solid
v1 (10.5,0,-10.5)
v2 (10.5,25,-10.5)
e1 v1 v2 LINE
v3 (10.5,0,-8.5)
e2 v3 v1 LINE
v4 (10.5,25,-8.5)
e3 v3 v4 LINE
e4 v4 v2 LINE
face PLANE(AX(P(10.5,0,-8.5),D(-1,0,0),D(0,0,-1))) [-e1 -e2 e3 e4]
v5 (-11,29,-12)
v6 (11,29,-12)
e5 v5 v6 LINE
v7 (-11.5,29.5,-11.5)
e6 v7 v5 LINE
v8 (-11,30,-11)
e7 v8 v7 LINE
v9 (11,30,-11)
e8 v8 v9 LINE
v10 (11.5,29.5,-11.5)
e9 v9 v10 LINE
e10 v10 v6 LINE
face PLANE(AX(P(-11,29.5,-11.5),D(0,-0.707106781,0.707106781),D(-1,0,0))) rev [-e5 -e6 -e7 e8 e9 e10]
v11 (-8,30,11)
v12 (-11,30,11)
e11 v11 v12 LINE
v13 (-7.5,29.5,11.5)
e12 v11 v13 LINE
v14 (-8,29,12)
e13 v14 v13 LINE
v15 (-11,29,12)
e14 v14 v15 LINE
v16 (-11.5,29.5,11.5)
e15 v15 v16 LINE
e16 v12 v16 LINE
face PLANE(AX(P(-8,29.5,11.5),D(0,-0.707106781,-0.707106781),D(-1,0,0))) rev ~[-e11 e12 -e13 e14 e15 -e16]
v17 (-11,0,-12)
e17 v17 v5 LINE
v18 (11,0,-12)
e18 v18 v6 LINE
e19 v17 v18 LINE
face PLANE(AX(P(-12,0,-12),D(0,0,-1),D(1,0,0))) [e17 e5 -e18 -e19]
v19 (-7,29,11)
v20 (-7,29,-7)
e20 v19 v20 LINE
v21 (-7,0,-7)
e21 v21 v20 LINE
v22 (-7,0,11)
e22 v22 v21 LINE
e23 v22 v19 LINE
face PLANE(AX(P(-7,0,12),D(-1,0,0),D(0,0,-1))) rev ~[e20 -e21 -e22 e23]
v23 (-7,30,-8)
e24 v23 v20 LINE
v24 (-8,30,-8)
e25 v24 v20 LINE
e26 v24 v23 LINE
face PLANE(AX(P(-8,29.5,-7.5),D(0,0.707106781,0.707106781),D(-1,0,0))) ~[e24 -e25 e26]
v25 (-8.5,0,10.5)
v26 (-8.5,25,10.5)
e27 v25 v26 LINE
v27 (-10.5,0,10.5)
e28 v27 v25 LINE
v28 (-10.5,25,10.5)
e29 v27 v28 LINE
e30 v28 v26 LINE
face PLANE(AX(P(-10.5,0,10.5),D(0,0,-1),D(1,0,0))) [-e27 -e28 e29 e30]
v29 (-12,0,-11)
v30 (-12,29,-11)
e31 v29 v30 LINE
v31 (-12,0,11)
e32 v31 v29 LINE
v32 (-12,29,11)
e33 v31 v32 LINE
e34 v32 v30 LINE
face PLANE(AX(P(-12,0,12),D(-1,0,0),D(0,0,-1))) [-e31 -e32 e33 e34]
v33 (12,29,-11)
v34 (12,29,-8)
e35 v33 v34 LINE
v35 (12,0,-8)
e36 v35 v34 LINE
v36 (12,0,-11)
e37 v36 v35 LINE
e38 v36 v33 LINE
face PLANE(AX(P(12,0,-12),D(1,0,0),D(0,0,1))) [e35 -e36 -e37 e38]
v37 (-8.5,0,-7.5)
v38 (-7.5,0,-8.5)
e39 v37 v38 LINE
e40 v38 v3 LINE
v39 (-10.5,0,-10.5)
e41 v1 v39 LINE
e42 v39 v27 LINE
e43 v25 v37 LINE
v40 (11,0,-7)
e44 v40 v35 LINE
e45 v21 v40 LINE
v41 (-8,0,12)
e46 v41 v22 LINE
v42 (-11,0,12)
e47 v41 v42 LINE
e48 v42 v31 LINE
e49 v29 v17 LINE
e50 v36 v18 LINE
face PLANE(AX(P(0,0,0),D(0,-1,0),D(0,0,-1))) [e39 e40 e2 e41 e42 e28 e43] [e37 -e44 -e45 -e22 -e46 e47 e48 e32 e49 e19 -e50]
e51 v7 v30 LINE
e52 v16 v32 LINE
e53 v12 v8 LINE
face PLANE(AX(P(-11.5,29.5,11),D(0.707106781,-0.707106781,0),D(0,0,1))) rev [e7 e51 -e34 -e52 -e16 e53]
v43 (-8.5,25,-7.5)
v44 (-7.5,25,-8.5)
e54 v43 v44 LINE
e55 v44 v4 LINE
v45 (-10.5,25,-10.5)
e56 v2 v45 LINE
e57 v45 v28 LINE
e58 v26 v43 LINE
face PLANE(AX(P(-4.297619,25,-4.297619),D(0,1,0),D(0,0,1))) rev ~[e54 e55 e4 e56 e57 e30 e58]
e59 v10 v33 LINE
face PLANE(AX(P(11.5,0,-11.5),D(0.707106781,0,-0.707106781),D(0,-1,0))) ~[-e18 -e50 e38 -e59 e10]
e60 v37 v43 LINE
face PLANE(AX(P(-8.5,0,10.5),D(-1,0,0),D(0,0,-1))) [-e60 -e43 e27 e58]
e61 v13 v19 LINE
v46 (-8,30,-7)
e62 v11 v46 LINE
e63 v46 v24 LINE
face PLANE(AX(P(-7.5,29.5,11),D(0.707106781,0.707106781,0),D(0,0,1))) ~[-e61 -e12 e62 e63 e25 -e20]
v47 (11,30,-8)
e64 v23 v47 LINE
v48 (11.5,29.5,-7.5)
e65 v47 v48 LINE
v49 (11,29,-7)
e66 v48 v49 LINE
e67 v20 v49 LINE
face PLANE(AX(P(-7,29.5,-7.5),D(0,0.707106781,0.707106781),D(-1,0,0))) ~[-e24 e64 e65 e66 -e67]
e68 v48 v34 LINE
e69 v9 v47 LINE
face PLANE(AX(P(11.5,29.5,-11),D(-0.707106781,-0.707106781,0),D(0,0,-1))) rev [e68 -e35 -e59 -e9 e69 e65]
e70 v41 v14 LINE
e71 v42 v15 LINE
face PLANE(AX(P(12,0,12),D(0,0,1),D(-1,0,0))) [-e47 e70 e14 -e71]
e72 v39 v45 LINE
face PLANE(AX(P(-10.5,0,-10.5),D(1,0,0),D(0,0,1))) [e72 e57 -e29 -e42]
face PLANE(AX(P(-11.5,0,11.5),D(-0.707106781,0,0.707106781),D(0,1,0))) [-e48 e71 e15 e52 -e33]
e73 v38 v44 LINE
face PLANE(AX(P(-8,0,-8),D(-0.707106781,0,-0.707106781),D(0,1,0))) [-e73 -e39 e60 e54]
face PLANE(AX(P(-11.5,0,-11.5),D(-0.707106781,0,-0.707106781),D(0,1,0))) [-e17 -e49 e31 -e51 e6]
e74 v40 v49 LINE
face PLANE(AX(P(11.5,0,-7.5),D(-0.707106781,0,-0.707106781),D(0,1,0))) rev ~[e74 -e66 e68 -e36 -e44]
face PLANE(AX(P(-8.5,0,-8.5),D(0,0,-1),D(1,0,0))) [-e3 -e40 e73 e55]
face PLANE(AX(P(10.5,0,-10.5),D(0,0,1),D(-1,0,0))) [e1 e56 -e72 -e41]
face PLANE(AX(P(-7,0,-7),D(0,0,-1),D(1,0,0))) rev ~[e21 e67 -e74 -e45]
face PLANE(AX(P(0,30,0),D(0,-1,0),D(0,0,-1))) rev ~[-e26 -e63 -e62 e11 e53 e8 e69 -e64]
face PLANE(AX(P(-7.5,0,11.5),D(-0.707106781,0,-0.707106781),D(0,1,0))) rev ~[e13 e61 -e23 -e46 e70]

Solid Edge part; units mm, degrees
sketch "Sketch1" plane through (0, 0, 0) normal (0, -1, 0) x (1, 0, 0)
  line L0 (12, 12) -> (-12, 12)
  line L1 (-12, 12) -> (-12, -12)
  line L2 (-12, -12) -> (12, -12)
  line L3 (12, -12) -> (12, 12)
extrude "Protrusion1" add sketch "Sketch1" against normal blind 30
sketch "Sketch2" plane through (0, 0, 0) normal (0, -1, 0) x (1, 0, 0)
  line L0 (-8.5, 10.5) -> (-8.5, -8.5)
  line L1 (-8.5, -8.5) -> (10.5, -8.5)
  line L2 (10.5, -8.5) -> (10.5, -10.5)
  line L3 (10.5, -10.5) -> (-10.5, -10.5)
  line L4 (-10.5, -10.5) -> (-10.5, 10.5)
  line L5 (-10.5, 10.5) -> (-8.5, 10.5)
extrude "VaciadoExtruido_1" cut sketch "Sketch2" against normal blind 25
sketch "Sketch3" plane through (0, 0, 0) normal (0, -1, 0) x (1, 0, 0)
  line L0 (-7, 12) -> (-7, -7)
  line L1 (-7, -7) -> (12, -7)
extrude "Cutout1" cut sketch "Sketch3" against normal through all material side at (-6.95, 0, 2.5)
chamfer "Chaflán_1" distance 1 angle 45 6 edges at (-12, 15, 12) (-7, 15, 12) (-12, 15, -12) (12, 15, -12) (12, 15, -7) (-8.5, 12.5, -8.5)
chamfer "Chaflán_2" distance 1 angle 45 6 edges at (-9.5, 30, 12) (-12, 30, 0) (-7, 30, 2) (2, 30, -7) (12, 30, -9.5) (0, 30, -12)
